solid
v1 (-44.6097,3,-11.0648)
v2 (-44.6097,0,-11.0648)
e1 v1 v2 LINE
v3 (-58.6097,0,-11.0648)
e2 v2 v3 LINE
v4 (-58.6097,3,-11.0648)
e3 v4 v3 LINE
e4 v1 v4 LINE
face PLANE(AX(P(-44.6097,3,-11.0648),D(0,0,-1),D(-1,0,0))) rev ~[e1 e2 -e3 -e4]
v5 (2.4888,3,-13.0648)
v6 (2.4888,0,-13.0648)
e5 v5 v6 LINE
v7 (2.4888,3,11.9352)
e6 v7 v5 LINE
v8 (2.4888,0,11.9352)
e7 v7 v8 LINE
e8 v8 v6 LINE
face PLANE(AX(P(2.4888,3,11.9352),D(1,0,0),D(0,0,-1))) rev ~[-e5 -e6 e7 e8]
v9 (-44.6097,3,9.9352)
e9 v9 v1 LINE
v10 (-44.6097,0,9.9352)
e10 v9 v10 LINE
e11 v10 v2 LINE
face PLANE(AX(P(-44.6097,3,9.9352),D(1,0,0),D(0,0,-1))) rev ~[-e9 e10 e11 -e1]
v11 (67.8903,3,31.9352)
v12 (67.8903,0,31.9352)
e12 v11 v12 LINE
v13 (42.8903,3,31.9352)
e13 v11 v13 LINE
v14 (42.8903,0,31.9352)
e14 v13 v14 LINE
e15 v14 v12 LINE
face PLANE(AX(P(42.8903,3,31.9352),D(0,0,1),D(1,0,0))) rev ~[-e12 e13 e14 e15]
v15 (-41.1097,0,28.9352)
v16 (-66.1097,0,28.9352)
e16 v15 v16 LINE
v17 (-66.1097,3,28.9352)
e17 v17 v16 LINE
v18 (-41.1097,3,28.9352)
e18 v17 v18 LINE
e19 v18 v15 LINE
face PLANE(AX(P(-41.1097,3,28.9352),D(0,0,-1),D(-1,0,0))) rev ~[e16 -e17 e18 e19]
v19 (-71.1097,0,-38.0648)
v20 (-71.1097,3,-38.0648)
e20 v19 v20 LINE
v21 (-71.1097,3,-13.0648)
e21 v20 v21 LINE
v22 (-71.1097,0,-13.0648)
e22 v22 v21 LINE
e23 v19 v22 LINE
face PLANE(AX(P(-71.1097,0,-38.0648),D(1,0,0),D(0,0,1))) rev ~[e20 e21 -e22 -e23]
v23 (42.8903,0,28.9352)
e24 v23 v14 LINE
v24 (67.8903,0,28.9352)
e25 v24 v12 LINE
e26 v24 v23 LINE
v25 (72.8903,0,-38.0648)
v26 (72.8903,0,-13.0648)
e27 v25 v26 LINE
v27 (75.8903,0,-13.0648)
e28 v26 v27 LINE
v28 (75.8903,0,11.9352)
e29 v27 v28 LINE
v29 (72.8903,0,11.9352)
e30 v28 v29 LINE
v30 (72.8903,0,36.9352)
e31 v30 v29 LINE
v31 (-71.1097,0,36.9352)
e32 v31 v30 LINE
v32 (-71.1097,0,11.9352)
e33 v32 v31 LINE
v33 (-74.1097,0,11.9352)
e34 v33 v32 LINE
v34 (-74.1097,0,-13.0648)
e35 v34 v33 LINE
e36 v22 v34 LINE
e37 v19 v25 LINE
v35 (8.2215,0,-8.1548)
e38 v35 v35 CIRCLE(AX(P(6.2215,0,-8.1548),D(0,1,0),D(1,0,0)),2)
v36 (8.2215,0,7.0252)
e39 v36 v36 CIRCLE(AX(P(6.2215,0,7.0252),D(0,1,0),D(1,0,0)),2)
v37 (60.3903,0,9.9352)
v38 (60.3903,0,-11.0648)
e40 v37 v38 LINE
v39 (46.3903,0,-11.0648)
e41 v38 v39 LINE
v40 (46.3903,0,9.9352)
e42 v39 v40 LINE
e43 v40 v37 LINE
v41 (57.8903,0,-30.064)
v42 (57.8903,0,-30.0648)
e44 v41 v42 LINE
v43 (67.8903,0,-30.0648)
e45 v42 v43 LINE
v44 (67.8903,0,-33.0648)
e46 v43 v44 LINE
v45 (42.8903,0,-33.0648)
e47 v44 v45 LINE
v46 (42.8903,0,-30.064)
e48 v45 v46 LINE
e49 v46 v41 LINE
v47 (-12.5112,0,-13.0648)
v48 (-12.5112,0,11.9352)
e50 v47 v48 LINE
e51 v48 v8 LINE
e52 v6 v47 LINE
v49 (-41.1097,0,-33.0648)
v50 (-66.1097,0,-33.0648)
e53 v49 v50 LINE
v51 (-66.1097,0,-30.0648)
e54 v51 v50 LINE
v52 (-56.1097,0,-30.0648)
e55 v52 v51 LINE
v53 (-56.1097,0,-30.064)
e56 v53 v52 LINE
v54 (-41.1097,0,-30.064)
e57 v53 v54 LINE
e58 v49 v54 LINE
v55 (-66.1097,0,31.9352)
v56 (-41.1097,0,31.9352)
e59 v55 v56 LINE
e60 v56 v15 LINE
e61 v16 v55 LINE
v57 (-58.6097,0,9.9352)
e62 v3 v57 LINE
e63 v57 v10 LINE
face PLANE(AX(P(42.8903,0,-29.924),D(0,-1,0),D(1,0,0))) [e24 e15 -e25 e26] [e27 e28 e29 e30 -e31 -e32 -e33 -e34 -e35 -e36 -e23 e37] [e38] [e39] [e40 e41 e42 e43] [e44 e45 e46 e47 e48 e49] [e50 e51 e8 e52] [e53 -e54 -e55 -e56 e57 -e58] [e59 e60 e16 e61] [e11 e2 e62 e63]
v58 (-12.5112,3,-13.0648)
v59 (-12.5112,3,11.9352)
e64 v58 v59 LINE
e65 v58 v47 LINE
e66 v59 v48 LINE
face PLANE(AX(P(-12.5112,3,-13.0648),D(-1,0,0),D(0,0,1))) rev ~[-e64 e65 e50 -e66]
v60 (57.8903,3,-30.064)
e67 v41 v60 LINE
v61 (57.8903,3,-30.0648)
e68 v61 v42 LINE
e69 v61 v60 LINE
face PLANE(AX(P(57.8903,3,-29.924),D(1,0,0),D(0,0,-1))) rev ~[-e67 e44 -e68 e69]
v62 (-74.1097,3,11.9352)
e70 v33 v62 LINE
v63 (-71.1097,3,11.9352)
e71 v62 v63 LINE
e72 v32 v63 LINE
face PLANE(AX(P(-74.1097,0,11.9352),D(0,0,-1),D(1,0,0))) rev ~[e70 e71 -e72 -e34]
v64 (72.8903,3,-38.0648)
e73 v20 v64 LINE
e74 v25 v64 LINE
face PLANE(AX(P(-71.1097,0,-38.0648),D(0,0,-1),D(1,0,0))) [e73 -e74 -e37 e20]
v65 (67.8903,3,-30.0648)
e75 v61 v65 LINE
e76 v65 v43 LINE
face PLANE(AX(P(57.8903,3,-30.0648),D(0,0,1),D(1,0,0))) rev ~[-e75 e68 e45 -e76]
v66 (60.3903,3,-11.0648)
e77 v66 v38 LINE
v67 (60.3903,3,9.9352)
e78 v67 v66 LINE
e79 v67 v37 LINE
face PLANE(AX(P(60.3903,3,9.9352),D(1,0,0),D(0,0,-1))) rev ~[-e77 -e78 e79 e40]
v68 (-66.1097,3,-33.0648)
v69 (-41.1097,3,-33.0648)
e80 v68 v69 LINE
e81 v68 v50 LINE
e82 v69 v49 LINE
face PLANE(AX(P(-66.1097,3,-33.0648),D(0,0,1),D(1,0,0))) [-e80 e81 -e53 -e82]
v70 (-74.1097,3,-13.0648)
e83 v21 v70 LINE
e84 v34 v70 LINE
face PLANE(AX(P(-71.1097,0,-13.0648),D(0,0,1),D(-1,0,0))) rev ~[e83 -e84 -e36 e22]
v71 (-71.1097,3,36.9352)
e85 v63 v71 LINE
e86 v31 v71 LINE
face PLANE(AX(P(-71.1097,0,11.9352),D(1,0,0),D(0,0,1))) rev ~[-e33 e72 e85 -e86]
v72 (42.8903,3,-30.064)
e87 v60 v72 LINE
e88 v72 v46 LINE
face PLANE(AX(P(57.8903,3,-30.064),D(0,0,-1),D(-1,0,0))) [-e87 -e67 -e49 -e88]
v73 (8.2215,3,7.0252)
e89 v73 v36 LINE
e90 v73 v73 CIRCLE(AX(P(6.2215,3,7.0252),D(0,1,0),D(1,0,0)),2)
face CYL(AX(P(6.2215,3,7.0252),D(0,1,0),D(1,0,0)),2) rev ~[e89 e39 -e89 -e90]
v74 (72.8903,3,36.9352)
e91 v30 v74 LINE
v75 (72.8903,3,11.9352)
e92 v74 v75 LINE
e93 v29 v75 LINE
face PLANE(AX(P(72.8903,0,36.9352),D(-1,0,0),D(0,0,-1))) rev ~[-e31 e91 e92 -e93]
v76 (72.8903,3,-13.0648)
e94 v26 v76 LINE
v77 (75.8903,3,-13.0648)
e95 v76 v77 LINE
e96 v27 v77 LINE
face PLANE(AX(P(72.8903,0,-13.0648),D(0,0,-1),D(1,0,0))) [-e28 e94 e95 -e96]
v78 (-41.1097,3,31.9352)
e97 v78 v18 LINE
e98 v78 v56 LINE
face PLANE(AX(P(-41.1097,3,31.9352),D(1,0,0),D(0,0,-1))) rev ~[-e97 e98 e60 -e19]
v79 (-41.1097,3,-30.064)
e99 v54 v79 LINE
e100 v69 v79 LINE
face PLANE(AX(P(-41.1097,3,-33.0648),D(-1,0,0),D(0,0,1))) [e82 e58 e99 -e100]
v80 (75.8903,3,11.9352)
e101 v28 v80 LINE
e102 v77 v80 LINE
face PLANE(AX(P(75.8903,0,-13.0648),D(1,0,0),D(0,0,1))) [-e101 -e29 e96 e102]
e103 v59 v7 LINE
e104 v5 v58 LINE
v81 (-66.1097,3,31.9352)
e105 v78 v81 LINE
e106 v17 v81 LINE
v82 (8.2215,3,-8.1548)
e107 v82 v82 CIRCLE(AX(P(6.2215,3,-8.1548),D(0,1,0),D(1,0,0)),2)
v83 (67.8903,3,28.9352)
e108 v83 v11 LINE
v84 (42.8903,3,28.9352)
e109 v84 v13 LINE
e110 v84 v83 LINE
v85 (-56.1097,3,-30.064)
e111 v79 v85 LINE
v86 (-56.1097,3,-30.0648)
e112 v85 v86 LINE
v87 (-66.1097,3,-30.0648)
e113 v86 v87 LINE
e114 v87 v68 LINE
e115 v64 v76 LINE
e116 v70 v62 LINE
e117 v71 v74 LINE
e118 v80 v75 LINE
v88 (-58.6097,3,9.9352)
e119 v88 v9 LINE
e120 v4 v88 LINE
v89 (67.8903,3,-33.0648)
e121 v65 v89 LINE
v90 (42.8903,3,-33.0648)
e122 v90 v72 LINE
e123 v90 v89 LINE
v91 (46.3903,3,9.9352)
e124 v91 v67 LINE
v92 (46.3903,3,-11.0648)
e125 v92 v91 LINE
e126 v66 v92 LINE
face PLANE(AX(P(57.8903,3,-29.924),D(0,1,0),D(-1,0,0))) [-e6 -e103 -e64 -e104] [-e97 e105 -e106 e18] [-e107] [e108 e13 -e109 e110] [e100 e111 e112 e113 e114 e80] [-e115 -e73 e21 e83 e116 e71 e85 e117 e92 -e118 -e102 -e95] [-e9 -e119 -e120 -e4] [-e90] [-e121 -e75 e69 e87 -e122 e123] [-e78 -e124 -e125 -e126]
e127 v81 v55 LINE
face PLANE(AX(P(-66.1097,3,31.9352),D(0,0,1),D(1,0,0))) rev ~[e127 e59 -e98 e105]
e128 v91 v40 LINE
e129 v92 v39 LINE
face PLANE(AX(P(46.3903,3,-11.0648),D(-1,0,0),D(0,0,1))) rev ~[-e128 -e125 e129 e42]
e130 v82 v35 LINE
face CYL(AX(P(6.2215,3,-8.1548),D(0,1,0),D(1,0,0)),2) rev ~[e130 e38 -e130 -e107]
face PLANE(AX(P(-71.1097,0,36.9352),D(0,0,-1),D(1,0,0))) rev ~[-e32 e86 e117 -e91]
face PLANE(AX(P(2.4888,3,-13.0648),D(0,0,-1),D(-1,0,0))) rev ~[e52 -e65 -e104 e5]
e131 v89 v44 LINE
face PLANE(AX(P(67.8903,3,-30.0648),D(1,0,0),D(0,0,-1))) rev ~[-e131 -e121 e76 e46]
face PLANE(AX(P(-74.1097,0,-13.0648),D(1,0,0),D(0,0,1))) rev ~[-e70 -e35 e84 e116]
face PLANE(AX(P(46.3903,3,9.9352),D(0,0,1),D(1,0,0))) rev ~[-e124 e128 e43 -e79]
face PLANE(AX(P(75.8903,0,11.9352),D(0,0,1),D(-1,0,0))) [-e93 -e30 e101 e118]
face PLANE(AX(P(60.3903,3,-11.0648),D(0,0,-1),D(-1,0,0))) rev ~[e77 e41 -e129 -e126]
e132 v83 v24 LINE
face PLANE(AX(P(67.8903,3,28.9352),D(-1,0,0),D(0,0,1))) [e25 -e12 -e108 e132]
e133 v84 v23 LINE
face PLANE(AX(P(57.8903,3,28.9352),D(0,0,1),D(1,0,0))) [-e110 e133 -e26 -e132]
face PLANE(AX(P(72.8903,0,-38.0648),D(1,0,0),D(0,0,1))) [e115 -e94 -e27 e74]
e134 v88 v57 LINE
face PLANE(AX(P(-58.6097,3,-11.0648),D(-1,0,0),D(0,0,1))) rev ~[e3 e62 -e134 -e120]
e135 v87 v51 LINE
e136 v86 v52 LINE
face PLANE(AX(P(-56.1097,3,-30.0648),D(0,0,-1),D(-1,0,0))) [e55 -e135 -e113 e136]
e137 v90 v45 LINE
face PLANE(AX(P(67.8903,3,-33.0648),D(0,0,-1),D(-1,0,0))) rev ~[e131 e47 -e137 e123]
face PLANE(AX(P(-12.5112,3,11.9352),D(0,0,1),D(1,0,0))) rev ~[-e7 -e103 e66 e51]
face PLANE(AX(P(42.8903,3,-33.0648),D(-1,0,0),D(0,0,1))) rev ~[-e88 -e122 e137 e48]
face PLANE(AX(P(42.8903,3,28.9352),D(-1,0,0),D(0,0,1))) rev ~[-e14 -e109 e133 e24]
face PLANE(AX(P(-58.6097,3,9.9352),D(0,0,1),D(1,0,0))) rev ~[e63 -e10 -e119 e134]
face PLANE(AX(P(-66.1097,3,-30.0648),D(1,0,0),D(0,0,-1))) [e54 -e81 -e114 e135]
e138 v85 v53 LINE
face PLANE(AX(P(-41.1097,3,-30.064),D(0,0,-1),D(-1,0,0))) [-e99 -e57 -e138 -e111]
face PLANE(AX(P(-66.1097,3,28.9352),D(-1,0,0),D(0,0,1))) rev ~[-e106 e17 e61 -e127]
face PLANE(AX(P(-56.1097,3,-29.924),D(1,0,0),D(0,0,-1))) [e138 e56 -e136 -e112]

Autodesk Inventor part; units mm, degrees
ref_plane "YZ Plane" through (0, 0, 0) normal (1, 0, 0) x (0, 1, 0)
ref_plane "XZ Plane" through (0, 0, 0) normal (0, 1, 0) x (-1, 0, 0)
ref_plane "XY Plane" through (0, 0, 0) normal (0, 0, 1) x (1, 0, 0)
sketch "Sketch1" plane through (0, 0, 0) normal (0, 1, 0) x (-1, 0, 0)
  line L0 (71.1097, -38.0648) -> (71.1097, -13.0648)
  line L1 (71.1097, -13.0648) -> (74.1097, -13.0648)
  line L2 (74.1097, -13.0648) -> (74.1097, 11.9352)
  line L3 (74.1097, 11.9352) -> (71.1097, 11.9352)
  line L4 (71.1097, 11.9352) -> (71.1097, 36.9352)
  line L5 (-72.8903, -38.0648) -> (-72.8903, -13.0648)
  line L6 (-72.8903, 36.9352) -> (-72.8903, 11.9352)
  line L7 (-72.8903, -13.0648) -> (-75.8903, -13.0648)
  line L8 (-75.8903, -13.0648) -> (-75.8903, 11.9352)
  line L9 (-75.8903, 11.9352) -> (-72.8903, 11.9352)
  line L10 (71.1097, -38.0648) -> (-72.8903, -38.0648)
  line L11 (71.1097, 36.9352) -> (-72.8903, 36.9352)
  point P0 (0, 0)
extrude "Extrusion1" add sketch "Sketch1" along normal blind 3
sketch "Sketch2" plane through (0, 3, 0) normal (0, 1, 0) x (1, 0, 0)
  line L0 (-71.1097, -36.9352) -> (72.8903, -36.9352) projected
  line L1 (-66.1097, -31.9352) -> (-56.1097, -31.9352)
  line L2 (-56.1097, -31.9352) -> (-56.1097, -28.9352)
  line L3 (-56.1097, -28.9352) -> (-66.1097, -28.9352)
  line L4 (-66.1097, -28.9352) -> (-66.1097, -31.9352)
  line L5 (72.8903, 38.0648) -> (-71.1097, 38.0648) projected
  line L6 (-56.1097, 30.0648) -> (-66.1097, 30.0648)
  line L7 (-66.1097, 30.0648) -> (-66.1097, 33.0648)
  line L8 (-66.1097, 33.0648) -> (-56.1097, 33.0648)
  line L9 (-56.1097, 33.0648) -> (-56.1097, 30.0648)
  line L10 (67.8903, 33.0648) -> (57.8903, 33.0648)
  line L11 (57.8903, 33.0648) -> (57.8903, 30.0648)
  line L12 (57.8903, 30.0648) -> (67.8903, 30.0648)
  line L13 (67.8903, 30.0648) -> (67.8903, 33.0648)
  line L14 (67.8903, -31.9352) -> (57.8903, -31.9352)
  line L15 (57.8903, -31.9352) -> (57.8903, -28.9352)
  line L16 (57.8903, -28.9352) -> (67.8903, -28.9352)
  line L17 (67.8903, -28.9352) -> (67.8903, -31.9352)
  point P0 (0, 0)
extrude "Extrusion2" cut sketch "Sketch2" against normal blind 30
sketch "Sketch3" plane through (0, 3, 0) normal (0, 1, 0) x (1, 0, 0)
  line L0 (72.8903, 38.0648) -> (-71.1097, 38.0648) projected
  line L1 (-71.1097, -36.9352) -> (72.8903, -36.9352) projected
  line L2 (-74.1097, 13.0648) -> (-74.1097, -11.9352) projected
  line L3 (75.8903, -11.9352) -> (75.8903, 13.0648) projected
  circle A0 centre (6.2215, -7.0252) radius 2
  circle A1 centre (6.2215, 8.1548) radius 2
  line L4 (2.4888, 13.0648) -> (-12.5112, 13.0648)
  line L5 (-12.5112, 13.0648) -> (-12.5112, -11.9352)
  line L6 (-12.5112, -11.9352) -> (2.4888, -11.9352)
  line L7 (2.4888, -11.9352) -> (2.4888, 13.0648)
  line L8 (-58.6097, -9.9352) -> (-44.6097, -9.9352)
  line L9 (-44.6097, -9.9352) -> (-44.6097, 11.0648)
  line L10 (-44.6097, 11.0648) -> (-58.6097, 11.0648)
  line L11 (-58.6097, 11.0648) -> (-58.6097, -9.9352)
  line L12 (60.3903, 11.0648) -> (46.3903, 11.0648)
  line L13 (46.3903, 11.0648) -> (46.3903, -9.9352)
  line L14 (46.3903, -9.9352) -> (60.3903, -9.9352)
  line L15 (60.3903, -9.9352) -> (60.3903, 11.0648)
  line L16 (-71.1097, -36.9352) -> (72.8903, -36.9352) projected
  point P0 (0, 0)
  dimension "d56" = 14
  dimension "d57" = 21
  dimension "d59" = 25
  dimension "d60" = 15
  dimension "d61" = 4
  dimension "d62" = 4
  dimension "d63" = 14
  dimension "d64" = 21
extrude "Extrusion3" cut sketch "Sketch3" against normal blind 10
sketch "Sketch4" plane through (0, 3, 0) normal (0, 1, 0) x (1, 0, 0)
  line L0 (-56.1097, 33.0648) -> (-41.1097, 33.0648)
  line L1 (-41.1097, 33.0648) -> (-41.1097, 29.924)
  line L2 (-41.1097, 29.924) -> (-56.1097, 29.924)
  line L3 (-56.1097, 29.924) -> (-56.1097, 33.0648)
  line L4 (57.8903, 30.0648) -> (57.8903, 33.0648) projected
  line L5 (57.8903, 33.0648) -> (42.8903, 33.0648)
  line L6 (42.8903, 33.0648) -> (42.8903, 29.924)
  line L7 (42.8903, 29.924) -> (57.8903, 29.924)
  line L8 (57.8903, 29.924) -> (57.8903, 33.0648)
  line L9 (-56.1097, -31.9352) -> (-41.1097, -31.9352)
  line L10 (-41.1097, -31.9352) -> (-41.1097, -28.9352)
  line L11 (-41.1097, -28.9352) -> (-56.1097, -28.9352)
  line L12 (-56.1097, -28.9352) -> (-56.1097, -31.9352)
  line L13 (57.8903, -31.9352) -> (57.8903, -28.9352) projected
  line L14 (57.8903, -28.9352) -> (42.8903, -28.9352)
  line L15 (42.8903, -28.9352) -> (42.8903, -31.9352)
  line L16 (42.8903, -31.9352) -> (57.8903, -31.9352)
  line L17 (57.8903, -31.9352) -> (57.8903, -28.9352)
  point P0 (0, 0)
  dimension "d67" = 15
  dimension "d68" = 15
extrude "Extrusion4" cut sketch "Sketch4" against normal blind 10
sketch "Sketch5" plane through (-41.1097, 3, -29.924) normal (0, 0, -1) x (-1, 0, 0)
  line L0 (15, -3) -> (0, -3) projected
  line L1 (0, 0) -> (15, 0) projected
  line L2 (15, -3) -> (0, -3)
  line L3 (0, -3) -> (0, 0)
  line L4 (0, 0) -> (15, 0)
  line L5 (15, 0) -> (15, -3)
  point P0 (-41.1097, -3)
extrude "Extrusion5" add sketch "Sketch5" along normal blind 0.14
sketch "Sketch6" plane through (57.8903, 3, -29.924) normal (0, 0, -1) x (-1, 0, 0)
  line L0 (0, 0) -> (15, 0)
  line L1 (15, 0) -> (15, -3)
  line L2 (15, -3) -> (0, -3)
  line L3 (0, -3) -> (0, 0)
  point P0 (57.8903, -3)
extrude "Extrusion6" add sketch "Sketch6" along normal blind 0.14
properties part number "Level4 (Sensor + Schakelaar)"
